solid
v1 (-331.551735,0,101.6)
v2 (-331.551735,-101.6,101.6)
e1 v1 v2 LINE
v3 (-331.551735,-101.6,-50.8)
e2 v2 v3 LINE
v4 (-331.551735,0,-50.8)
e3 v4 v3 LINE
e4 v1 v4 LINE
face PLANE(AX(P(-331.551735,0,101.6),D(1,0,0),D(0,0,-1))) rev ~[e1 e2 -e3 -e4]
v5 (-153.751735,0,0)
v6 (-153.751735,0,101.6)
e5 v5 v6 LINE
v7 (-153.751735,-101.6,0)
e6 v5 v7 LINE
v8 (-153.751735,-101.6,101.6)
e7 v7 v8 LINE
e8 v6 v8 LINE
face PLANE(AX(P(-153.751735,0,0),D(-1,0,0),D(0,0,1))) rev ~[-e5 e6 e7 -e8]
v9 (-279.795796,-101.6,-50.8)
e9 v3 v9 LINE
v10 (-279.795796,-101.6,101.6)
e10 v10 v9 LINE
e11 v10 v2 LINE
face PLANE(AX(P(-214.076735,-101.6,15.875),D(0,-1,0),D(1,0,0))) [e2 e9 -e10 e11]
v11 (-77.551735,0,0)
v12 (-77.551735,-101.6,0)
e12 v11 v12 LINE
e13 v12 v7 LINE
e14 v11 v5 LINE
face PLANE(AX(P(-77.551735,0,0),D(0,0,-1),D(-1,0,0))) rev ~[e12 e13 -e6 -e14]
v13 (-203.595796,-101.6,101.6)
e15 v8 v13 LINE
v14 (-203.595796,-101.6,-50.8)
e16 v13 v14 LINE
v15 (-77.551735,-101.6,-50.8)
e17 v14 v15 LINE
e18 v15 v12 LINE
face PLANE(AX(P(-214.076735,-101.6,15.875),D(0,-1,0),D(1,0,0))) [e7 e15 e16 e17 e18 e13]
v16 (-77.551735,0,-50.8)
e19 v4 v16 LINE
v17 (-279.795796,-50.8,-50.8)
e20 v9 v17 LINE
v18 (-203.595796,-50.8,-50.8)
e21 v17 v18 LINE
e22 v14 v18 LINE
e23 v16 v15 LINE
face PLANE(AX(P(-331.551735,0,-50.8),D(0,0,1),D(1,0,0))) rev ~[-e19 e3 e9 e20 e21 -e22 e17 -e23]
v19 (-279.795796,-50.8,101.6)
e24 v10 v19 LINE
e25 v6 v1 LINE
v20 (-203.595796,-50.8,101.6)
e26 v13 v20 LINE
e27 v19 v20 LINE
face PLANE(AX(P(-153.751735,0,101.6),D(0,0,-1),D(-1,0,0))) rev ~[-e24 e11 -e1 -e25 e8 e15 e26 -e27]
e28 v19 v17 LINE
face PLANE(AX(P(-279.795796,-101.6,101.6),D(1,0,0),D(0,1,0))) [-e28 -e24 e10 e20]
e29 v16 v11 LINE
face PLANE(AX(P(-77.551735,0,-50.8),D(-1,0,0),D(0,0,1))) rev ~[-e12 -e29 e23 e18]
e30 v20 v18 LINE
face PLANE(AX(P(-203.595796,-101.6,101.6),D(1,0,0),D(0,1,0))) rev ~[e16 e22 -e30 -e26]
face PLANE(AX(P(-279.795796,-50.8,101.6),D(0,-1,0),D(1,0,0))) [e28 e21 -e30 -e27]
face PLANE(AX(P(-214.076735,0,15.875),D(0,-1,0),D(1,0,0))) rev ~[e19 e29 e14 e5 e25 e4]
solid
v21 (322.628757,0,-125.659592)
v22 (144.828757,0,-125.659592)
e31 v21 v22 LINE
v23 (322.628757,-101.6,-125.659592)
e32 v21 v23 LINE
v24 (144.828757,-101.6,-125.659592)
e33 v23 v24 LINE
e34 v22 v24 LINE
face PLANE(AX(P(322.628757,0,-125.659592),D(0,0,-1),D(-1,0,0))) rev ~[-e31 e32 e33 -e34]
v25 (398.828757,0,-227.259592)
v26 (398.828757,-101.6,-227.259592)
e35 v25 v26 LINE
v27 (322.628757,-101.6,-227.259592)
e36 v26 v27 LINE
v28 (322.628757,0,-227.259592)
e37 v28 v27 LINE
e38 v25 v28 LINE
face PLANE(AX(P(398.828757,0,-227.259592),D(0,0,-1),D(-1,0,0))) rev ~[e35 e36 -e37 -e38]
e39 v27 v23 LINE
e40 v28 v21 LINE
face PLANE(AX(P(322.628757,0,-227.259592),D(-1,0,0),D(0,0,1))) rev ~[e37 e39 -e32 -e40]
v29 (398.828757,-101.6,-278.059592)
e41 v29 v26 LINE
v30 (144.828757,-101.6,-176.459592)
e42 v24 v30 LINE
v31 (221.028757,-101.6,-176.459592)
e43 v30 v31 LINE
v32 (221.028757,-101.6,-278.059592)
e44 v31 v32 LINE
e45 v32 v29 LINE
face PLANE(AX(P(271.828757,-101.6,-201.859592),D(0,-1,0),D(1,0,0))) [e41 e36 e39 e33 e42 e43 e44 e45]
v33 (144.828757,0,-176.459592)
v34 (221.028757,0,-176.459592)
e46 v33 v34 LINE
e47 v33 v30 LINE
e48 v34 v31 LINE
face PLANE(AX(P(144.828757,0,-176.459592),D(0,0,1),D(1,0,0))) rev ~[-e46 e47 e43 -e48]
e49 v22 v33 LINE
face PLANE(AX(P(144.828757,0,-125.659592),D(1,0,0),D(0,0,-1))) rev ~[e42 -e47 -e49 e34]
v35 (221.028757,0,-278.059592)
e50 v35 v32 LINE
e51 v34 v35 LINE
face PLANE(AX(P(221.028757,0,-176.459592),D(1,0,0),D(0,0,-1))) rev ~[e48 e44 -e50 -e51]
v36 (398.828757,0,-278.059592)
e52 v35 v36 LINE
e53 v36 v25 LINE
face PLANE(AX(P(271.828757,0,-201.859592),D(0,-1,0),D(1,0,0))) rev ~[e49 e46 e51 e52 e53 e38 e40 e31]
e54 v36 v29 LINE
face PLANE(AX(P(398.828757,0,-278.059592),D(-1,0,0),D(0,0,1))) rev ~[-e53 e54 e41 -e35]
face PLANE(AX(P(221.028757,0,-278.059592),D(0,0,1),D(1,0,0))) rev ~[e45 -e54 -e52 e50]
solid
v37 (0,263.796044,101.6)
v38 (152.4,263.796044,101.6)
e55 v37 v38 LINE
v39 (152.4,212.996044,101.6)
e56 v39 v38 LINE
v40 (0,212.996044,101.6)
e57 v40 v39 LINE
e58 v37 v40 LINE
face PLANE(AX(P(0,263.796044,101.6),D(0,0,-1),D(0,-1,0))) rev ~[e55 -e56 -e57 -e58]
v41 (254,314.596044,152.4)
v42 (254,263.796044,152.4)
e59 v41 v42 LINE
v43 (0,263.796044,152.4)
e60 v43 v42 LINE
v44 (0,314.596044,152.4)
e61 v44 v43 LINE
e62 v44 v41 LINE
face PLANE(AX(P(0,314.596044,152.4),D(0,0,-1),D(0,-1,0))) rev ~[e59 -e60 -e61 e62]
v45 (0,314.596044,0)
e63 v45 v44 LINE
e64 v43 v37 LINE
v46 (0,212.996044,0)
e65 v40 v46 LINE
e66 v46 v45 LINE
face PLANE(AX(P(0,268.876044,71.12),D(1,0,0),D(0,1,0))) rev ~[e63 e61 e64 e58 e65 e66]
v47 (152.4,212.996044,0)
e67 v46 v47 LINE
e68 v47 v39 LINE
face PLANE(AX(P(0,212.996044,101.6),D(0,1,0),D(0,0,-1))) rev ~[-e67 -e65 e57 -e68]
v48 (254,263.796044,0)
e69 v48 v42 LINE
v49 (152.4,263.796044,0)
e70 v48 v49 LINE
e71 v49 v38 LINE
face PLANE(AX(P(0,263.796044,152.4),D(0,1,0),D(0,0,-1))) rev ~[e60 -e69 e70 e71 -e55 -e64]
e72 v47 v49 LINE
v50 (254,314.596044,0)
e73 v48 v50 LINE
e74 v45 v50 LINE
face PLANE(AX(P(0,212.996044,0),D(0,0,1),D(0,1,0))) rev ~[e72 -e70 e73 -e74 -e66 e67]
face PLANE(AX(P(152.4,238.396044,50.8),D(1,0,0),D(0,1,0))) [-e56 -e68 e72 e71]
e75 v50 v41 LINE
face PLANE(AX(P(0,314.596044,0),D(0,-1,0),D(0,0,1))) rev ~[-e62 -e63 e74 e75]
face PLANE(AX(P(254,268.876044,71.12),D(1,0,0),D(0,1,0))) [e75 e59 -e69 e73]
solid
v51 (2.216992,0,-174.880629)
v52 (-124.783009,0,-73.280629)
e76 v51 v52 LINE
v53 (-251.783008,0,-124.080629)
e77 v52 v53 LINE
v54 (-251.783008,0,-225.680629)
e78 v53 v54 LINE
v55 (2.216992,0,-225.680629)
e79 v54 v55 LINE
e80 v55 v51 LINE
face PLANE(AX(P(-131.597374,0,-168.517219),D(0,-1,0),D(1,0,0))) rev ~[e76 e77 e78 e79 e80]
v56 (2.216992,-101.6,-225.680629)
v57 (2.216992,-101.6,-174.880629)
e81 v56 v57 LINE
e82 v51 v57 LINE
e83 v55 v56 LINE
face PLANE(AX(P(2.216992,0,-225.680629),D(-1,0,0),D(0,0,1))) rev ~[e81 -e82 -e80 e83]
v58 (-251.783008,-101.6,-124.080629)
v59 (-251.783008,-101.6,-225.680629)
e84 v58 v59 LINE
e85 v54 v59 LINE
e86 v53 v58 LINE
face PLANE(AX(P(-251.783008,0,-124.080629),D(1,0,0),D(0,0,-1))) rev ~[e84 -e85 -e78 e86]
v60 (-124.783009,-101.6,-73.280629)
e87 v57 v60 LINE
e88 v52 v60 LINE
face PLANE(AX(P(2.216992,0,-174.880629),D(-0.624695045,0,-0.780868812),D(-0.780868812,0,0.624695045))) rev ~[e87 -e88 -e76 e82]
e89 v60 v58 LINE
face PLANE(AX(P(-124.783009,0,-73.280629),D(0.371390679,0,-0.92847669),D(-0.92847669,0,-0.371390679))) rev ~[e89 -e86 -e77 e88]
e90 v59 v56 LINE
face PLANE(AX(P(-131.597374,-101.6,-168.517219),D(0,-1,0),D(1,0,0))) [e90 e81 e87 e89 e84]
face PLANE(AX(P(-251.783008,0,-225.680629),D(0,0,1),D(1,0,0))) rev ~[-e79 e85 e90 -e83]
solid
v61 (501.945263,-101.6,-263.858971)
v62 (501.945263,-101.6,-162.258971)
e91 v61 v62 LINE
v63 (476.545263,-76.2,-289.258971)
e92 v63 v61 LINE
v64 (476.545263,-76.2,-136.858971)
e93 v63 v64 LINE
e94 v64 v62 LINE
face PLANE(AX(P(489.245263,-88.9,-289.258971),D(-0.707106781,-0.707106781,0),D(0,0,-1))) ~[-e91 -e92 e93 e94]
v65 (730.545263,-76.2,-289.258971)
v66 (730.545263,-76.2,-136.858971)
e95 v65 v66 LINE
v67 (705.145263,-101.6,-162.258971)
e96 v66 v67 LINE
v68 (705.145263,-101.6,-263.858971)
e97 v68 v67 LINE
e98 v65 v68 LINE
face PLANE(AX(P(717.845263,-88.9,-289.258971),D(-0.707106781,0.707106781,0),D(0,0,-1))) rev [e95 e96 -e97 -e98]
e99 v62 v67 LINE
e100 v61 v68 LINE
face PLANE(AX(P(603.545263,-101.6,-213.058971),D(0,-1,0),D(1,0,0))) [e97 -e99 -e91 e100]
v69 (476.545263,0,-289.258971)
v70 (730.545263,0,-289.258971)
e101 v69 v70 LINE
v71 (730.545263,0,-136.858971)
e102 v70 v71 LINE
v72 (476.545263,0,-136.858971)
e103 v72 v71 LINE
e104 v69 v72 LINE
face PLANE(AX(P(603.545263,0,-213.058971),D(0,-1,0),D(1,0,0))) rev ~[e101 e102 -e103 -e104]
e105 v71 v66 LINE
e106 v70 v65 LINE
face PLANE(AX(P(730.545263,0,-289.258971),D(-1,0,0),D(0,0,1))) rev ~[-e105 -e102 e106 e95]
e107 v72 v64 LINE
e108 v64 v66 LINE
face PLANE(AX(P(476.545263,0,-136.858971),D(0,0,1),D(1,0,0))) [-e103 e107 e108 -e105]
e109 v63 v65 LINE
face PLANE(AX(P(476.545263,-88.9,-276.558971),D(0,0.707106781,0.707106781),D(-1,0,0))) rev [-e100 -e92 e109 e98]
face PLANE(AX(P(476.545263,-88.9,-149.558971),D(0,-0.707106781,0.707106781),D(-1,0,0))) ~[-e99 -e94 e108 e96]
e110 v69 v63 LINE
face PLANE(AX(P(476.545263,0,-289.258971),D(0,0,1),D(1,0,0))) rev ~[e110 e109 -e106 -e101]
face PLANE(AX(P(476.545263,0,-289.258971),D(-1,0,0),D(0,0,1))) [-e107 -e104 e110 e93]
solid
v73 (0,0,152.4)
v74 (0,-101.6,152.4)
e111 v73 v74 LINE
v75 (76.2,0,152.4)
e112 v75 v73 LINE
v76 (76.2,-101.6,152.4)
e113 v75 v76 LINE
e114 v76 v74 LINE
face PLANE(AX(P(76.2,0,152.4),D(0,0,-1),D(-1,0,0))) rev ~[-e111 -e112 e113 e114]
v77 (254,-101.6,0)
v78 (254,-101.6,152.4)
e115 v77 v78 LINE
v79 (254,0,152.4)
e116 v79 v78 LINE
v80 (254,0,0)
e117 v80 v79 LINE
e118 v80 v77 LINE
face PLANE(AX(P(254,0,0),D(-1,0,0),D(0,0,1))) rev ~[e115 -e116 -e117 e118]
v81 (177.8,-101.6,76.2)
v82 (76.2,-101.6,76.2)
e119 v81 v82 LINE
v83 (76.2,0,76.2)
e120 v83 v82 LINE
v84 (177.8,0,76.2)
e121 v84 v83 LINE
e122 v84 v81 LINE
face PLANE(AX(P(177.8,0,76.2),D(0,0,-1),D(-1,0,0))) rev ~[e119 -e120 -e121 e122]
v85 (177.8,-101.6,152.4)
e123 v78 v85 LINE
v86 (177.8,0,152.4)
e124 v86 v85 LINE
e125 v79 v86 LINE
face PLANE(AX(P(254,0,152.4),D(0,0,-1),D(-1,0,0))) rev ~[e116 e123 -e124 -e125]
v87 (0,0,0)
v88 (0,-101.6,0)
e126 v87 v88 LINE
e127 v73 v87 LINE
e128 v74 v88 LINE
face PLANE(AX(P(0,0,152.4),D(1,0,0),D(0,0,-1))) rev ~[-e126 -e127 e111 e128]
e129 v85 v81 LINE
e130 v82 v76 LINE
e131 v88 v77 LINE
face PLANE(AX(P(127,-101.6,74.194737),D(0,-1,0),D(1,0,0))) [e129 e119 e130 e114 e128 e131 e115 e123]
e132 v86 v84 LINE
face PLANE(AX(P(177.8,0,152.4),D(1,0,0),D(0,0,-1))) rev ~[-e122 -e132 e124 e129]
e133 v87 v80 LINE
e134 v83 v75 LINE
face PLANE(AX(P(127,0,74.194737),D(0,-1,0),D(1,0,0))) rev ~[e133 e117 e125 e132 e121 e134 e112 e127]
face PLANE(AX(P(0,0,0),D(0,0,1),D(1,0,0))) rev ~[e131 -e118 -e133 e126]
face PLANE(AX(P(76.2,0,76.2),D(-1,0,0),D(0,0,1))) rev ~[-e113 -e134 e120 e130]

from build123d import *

# Parameters (mm, degrees)
F1_DEPTH  = 101.6
F3_DEPTH  = 254
F4_W      = 50.8
F4_H      = 101.6
F5_DEPTH  = 101.6
F7_DEPTH  = 101.6
F8_W      = 76.2
F8_H      = 50.8
F9_DEPTH  = 152.4
F11_DEPTH = 101.6
F13_DEPTH = 101.6
F14_W     = 254
F14_H     = 152.4
F15_DEPTH = 101.6
F16_SIZE  = 25.4


with BuildPart() as f1:
    # F0 (on Front) → F1 (new body)
    with BuildSketch(Plane.XZ):
        Polygon((0, 152.4), (0, 0), (254, 0), (254, 152.4), (177.8, 152.4), (177.8, 76.2), (76.2, 76.2), (76.2, 152.4), align=None)
    extrude(amount=F1_DEPTH)


with BuildPart() as f3:
    # F2 (on Right) → F3 (new body)
    with BuildSketch(Plane.YZ):
        Polygon((212.996044, 101.6), (212.996044, 0), (314.596044, 0), (314.596044, 152.4), (263.796044, 152.4), (263.796044, 101.6), align=None)
    extrude(amount=F3_DEPTH)

    # F4 (on face) → F5 (cut)
    with BuildSketch(Plane.YZ.offset(254)):
        with Locations((238.396044, 50.8)):
            Rectangle(F4_W, F4_H)
    extrude(amount=-F5_DEPTH, mode=Mode.SUBTRACT)


with BuildPart() as f7:
    # F6 (on Front) → F7 (new body)
    with BuildSketch(Plane.XZ):
        Polygon((-280.751735, 101.6), (-331.551735, 101.6), (-331.551735, -50.8), (-77.551735, -50.8), (-77.551735, 0), (-153.751735, 0), (-153.751735, 101.6), align=None)
    extrude(amount=F7_DEPTH)

    # F8 (on face) → F9 (cut)
    with BuildSketch(Plane.XY.offset(101.6)):
        with Locations((-241.695796, -76.2)):
            Rectangle(F8_W, F8_H)
    extrude(amount=-F9_DEPTH, mode=Mode.SUBTRACT)


with BuildPart() as f11:
    # F10 (on Front) → F11 (new body)
    with BuildSketch(Plane.XZ):
        Polygon((322.628757, -125.659592), (144.828757, -125.659592), (144.828757, -176.459592), (221.028757, -176.459592), (221.028757, -278.059592), (398.828757, -278.059592), (398.828757, -227.259592), (322.628757, -227.259592), align=None)
    extrude(amount=F11_DEPTH)


with BuildPart() as f13:
    # F12 (on Front) → F13 (new body)
    with BuildSketch(Plane.XZ):
        Polygon((-124.783009, -73.280629), (-251.783008, -124.080629), (-251.783008, -225.680629), (2.216992, -225.680629), (2.216992, -174.880629), align=None)
    extrude(amount=F13_DEPTH)


with BuildPart() as f15:
    # F14 (on Front) → F15 (new body)
    with BuildSketch(Plane.XZ):
        with Locations((603.545263, -213.058971)):
            Rectangle(F14_W, F14_H)
    extrude(amount=F15_DEPTH)

    # F16
    f16_edges = [f15.edges().sort_by_distance(p)[0] for p in [
        (603.545263, -101.6, -136.858971),
        (476.545263, -101.6, -213.058971),
        (603.545263, -101.6, -289.258971),
        (730.545263, -101.6, -213.058971),
    ]]
    chamfer(f16_edges, length=F16_SIZE)


solid = Compound([f1.part, f3.part, f7.part, f11.part, f13.part, f15.part])
